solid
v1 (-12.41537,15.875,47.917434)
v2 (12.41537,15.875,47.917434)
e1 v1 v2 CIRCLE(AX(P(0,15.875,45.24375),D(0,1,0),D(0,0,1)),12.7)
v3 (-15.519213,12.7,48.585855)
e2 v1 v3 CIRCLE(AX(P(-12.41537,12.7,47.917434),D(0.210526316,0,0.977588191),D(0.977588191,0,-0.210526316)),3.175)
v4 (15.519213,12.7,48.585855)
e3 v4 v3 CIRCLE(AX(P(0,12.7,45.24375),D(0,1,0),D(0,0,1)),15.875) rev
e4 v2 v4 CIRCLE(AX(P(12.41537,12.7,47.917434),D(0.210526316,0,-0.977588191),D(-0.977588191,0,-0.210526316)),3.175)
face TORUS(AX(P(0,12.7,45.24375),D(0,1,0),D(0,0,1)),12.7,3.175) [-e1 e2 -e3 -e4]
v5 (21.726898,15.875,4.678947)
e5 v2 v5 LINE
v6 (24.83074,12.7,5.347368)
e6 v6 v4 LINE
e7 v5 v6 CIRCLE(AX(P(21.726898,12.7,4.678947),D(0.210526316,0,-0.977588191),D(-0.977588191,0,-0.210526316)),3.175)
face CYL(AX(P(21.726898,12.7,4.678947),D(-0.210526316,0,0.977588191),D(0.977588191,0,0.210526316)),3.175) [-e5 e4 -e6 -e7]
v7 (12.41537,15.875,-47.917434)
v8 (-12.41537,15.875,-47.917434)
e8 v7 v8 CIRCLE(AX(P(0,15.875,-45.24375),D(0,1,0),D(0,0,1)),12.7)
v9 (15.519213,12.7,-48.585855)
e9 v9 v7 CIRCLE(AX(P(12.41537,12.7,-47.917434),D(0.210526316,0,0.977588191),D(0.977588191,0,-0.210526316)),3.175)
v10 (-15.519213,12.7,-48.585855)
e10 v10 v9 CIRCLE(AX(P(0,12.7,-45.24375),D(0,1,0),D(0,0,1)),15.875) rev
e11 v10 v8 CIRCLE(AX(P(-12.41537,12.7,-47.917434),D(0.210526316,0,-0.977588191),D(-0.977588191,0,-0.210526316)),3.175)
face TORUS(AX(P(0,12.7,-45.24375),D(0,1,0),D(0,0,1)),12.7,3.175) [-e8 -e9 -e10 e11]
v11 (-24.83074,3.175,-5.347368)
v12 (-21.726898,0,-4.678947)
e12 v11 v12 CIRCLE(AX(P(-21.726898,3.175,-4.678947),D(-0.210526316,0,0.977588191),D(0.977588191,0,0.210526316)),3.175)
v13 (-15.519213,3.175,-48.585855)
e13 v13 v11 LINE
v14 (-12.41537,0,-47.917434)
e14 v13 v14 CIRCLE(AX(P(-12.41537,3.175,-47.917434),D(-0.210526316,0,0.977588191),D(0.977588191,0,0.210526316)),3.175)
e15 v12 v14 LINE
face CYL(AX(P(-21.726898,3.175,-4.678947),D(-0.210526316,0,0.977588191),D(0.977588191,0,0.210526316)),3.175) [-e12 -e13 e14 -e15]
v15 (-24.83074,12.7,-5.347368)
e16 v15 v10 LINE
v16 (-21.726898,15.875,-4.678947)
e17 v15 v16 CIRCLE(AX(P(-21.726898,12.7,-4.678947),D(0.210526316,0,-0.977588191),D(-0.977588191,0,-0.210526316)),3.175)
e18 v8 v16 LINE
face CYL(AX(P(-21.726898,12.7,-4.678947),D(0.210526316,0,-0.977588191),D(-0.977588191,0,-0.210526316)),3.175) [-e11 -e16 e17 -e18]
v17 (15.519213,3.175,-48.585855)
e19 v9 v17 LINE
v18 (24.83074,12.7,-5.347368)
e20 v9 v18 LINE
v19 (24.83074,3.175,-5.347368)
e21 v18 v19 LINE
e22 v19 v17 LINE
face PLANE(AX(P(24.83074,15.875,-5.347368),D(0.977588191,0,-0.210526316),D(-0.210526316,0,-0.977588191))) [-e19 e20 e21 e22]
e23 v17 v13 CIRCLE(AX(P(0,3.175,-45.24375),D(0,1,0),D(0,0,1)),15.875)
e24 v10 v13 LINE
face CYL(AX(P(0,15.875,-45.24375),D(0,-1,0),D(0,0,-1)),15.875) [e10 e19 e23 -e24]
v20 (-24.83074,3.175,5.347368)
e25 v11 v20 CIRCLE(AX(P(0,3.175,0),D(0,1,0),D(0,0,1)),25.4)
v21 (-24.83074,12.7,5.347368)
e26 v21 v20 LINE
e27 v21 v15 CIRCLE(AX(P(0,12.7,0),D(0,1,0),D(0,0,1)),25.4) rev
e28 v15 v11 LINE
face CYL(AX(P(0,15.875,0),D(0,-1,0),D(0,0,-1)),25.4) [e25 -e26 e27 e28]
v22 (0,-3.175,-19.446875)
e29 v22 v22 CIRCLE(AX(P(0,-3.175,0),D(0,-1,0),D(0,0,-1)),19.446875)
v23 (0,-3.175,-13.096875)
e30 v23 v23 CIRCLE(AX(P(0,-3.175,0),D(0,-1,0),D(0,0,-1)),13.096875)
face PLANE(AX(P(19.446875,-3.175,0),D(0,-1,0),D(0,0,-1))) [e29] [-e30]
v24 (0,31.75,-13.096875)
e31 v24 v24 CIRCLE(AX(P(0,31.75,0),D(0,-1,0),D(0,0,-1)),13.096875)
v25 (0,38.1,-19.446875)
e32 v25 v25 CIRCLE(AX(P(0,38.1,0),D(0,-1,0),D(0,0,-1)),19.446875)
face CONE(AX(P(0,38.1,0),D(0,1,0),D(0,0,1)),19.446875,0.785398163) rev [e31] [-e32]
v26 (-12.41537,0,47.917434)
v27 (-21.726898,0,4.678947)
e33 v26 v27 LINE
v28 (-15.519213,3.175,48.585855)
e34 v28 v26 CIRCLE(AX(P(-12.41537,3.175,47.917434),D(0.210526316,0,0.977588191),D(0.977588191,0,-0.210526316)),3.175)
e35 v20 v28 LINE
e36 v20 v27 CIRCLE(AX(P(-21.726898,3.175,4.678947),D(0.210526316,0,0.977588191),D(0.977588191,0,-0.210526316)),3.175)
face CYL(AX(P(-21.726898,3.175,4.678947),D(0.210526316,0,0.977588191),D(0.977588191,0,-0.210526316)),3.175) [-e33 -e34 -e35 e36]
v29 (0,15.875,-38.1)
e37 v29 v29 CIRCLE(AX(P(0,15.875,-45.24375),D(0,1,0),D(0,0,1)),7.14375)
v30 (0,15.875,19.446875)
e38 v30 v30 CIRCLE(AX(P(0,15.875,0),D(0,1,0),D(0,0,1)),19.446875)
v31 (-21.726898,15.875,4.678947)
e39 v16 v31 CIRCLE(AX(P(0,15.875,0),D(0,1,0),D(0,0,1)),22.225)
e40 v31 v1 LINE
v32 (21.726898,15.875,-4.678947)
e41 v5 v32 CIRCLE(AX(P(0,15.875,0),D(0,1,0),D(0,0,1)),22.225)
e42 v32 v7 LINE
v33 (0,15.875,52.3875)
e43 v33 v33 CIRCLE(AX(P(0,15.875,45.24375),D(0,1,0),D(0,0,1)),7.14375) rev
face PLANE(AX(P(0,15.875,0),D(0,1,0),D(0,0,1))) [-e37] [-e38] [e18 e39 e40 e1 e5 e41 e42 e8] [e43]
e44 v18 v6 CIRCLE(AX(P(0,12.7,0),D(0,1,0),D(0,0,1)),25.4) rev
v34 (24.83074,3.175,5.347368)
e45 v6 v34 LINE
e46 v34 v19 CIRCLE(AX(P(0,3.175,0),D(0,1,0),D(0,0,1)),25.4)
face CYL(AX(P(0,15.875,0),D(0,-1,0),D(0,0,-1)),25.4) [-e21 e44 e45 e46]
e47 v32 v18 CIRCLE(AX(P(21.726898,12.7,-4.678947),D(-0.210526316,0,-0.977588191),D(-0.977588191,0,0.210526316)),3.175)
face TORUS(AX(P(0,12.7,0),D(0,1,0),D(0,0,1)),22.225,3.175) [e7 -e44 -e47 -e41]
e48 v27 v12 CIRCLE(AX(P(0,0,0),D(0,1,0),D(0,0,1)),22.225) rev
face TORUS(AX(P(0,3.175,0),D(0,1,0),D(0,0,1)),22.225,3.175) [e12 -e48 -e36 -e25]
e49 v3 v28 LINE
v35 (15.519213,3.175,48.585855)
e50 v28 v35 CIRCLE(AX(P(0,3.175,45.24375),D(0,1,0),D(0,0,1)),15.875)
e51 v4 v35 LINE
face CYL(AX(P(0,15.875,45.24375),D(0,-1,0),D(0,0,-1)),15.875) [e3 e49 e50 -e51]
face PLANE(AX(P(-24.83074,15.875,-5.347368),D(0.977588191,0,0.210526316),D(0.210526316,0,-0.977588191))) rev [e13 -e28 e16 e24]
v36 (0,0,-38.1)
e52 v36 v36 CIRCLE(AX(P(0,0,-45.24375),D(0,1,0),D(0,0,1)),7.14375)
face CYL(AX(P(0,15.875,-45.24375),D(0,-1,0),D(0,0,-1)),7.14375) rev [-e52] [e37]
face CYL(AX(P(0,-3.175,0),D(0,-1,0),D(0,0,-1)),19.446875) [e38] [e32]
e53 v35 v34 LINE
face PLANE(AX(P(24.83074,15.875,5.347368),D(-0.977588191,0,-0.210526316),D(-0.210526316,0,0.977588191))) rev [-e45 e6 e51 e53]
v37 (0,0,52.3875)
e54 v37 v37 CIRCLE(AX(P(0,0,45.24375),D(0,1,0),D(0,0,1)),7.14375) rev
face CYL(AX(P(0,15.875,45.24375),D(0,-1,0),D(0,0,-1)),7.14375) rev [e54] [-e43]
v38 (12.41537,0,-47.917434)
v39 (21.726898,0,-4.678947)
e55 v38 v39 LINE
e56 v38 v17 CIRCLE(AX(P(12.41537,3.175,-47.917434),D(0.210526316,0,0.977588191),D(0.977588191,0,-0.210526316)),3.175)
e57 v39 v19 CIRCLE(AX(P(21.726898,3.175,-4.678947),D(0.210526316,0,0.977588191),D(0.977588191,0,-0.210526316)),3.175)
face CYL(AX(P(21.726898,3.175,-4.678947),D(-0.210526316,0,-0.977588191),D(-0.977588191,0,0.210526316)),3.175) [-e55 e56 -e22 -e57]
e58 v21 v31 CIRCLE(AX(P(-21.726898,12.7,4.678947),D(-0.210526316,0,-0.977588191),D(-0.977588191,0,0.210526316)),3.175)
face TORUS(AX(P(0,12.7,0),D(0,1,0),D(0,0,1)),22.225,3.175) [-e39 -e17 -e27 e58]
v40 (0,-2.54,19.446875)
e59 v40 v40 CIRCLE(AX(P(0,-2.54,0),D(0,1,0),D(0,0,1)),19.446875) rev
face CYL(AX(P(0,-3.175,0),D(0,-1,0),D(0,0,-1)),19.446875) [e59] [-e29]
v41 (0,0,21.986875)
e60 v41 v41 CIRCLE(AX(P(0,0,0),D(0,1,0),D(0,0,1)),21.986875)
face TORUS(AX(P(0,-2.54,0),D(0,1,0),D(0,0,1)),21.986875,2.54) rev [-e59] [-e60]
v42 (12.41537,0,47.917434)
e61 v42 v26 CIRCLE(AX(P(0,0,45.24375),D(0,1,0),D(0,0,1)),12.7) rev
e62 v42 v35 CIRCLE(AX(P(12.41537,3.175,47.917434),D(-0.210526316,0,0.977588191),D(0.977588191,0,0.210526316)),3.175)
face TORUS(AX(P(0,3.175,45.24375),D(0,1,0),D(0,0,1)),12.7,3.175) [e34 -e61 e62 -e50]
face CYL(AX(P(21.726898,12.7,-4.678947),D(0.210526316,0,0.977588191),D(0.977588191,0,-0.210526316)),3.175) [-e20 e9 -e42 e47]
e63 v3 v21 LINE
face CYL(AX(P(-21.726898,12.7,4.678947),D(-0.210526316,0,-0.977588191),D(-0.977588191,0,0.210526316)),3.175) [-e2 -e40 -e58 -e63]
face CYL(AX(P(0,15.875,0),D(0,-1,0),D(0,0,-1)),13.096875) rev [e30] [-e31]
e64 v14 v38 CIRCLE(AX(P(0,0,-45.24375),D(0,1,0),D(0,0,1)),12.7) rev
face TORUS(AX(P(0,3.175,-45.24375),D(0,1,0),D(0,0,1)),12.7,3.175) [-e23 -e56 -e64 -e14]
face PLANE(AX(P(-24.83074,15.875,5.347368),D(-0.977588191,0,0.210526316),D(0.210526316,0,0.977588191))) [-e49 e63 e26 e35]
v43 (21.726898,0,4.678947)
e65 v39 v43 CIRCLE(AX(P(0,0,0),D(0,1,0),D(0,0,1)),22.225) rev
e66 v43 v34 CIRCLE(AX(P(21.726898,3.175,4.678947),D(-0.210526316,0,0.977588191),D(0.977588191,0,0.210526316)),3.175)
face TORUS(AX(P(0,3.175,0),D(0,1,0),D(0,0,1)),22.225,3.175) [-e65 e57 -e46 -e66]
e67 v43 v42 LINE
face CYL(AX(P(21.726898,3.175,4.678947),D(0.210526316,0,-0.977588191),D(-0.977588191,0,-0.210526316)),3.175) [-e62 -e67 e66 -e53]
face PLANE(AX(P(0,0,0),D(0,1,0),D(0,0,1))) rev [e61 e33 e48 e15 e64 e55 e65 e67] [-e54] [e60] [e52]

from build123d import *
from OCP.BRepFilletAPI import BRepFilletAPI_MakeFillet

# Parameters (mm, degrees)
SKETCH1_R           = 13.096875
SKETCH1_R_2         = 7.14375
BOSS_EXTRUDE1_DEPTH = 15.875
FILLET3_R1          = 3.175
FILLET3_R2          = 2.54


with BuildPart() as part:
    # Sketch1 → Boss-Extrude1 (new body)
    with BuildSketch(Plane(origin=(0, 0, 0), x_dir=(1, 0, 0), z_dir=(0, 1, 0))):
        with BuildLine():
            Line((24.830740041, 5.347368421), (15.519212525, 48.585855263))
            ThreePointArc((15.519212525, 48.585855263), (0, 61.11875), (-15.519212525, 48.585855263))
            Line((-15.519212525, 48.585855263), (-24.830740041, 5.347368421))
            ThreePointArc((-24.830740041, 5.347368421), (-25.4, 0), (-24.830740041, -5.347368421))
            Line((-24.830740041, -5.347368421), (-15.519212525, -48.585855263))
            ThreePointArc((-15.519212525, -48.585855263), (0, -61.11875), (15.519212525, -48.585855263))
            Line((15.519212525, -48.585855263), (24.830740041, -5.347368421))
            ThreePointArc((24.830740041, -5.347368421), (25.4, 0), (24.830740041, 5.347368421))
        make_face()
        Circle(SKETCH1_R, mode=Mode.SUBTRACT)
        with Locations((0, 45.24375)):
            Circle(SKETCH1_R_2, mode=Mode.SUBTRACT)
        with Locations((0, -45.24375)):
            Circle(SKETCH1_R_2, mode=Mode.SUBTRACT)
    extrude(amount=BOSS_EXTRUDE1_DEPTH)

    # Sketch2 → Revolve1 (revolve)
    with BuildSketch(Plane.XY):
        Polygon((13.096875, 31.75), (19.446875, 38.1), (19.446875, -3.175), (13.096875, -3.175), align=None)
    revolve(axis=Axis((0, -3.175, 0), (0, 1, 0)))

    # Fillet3: one fillet with a radius per group of edges: ONE call of the kernel's fillet builder (fillet() takes one radius for all edges)
    fillet3_edges_1 = [part.edges().sort_by_distance(p)[0] for p in [
        (20.174976283, 0, 26.966611842),
        (25.4, 15.875, 0),
    ]]
    fillet3_edges_2 = [part.edges().sort_by_distance(p)[0] for p in [
        (-19.446875, 0, 0),
    ]]
    fillet3 = BRepFilletAPI_MakeFillet(part.part.solid().wrapped)
    for e in fillet3_edges_1:
        fillet3.Add(FILLET3_R1, e.wrapped)
    for e in fillet3_edges_2:
        fillet3.Add(FILLET3_R2, e.wrapped)
    add(Compound.cast(fillet3.Shape()), mode=Mode.REPLACE)


solid = part.part
